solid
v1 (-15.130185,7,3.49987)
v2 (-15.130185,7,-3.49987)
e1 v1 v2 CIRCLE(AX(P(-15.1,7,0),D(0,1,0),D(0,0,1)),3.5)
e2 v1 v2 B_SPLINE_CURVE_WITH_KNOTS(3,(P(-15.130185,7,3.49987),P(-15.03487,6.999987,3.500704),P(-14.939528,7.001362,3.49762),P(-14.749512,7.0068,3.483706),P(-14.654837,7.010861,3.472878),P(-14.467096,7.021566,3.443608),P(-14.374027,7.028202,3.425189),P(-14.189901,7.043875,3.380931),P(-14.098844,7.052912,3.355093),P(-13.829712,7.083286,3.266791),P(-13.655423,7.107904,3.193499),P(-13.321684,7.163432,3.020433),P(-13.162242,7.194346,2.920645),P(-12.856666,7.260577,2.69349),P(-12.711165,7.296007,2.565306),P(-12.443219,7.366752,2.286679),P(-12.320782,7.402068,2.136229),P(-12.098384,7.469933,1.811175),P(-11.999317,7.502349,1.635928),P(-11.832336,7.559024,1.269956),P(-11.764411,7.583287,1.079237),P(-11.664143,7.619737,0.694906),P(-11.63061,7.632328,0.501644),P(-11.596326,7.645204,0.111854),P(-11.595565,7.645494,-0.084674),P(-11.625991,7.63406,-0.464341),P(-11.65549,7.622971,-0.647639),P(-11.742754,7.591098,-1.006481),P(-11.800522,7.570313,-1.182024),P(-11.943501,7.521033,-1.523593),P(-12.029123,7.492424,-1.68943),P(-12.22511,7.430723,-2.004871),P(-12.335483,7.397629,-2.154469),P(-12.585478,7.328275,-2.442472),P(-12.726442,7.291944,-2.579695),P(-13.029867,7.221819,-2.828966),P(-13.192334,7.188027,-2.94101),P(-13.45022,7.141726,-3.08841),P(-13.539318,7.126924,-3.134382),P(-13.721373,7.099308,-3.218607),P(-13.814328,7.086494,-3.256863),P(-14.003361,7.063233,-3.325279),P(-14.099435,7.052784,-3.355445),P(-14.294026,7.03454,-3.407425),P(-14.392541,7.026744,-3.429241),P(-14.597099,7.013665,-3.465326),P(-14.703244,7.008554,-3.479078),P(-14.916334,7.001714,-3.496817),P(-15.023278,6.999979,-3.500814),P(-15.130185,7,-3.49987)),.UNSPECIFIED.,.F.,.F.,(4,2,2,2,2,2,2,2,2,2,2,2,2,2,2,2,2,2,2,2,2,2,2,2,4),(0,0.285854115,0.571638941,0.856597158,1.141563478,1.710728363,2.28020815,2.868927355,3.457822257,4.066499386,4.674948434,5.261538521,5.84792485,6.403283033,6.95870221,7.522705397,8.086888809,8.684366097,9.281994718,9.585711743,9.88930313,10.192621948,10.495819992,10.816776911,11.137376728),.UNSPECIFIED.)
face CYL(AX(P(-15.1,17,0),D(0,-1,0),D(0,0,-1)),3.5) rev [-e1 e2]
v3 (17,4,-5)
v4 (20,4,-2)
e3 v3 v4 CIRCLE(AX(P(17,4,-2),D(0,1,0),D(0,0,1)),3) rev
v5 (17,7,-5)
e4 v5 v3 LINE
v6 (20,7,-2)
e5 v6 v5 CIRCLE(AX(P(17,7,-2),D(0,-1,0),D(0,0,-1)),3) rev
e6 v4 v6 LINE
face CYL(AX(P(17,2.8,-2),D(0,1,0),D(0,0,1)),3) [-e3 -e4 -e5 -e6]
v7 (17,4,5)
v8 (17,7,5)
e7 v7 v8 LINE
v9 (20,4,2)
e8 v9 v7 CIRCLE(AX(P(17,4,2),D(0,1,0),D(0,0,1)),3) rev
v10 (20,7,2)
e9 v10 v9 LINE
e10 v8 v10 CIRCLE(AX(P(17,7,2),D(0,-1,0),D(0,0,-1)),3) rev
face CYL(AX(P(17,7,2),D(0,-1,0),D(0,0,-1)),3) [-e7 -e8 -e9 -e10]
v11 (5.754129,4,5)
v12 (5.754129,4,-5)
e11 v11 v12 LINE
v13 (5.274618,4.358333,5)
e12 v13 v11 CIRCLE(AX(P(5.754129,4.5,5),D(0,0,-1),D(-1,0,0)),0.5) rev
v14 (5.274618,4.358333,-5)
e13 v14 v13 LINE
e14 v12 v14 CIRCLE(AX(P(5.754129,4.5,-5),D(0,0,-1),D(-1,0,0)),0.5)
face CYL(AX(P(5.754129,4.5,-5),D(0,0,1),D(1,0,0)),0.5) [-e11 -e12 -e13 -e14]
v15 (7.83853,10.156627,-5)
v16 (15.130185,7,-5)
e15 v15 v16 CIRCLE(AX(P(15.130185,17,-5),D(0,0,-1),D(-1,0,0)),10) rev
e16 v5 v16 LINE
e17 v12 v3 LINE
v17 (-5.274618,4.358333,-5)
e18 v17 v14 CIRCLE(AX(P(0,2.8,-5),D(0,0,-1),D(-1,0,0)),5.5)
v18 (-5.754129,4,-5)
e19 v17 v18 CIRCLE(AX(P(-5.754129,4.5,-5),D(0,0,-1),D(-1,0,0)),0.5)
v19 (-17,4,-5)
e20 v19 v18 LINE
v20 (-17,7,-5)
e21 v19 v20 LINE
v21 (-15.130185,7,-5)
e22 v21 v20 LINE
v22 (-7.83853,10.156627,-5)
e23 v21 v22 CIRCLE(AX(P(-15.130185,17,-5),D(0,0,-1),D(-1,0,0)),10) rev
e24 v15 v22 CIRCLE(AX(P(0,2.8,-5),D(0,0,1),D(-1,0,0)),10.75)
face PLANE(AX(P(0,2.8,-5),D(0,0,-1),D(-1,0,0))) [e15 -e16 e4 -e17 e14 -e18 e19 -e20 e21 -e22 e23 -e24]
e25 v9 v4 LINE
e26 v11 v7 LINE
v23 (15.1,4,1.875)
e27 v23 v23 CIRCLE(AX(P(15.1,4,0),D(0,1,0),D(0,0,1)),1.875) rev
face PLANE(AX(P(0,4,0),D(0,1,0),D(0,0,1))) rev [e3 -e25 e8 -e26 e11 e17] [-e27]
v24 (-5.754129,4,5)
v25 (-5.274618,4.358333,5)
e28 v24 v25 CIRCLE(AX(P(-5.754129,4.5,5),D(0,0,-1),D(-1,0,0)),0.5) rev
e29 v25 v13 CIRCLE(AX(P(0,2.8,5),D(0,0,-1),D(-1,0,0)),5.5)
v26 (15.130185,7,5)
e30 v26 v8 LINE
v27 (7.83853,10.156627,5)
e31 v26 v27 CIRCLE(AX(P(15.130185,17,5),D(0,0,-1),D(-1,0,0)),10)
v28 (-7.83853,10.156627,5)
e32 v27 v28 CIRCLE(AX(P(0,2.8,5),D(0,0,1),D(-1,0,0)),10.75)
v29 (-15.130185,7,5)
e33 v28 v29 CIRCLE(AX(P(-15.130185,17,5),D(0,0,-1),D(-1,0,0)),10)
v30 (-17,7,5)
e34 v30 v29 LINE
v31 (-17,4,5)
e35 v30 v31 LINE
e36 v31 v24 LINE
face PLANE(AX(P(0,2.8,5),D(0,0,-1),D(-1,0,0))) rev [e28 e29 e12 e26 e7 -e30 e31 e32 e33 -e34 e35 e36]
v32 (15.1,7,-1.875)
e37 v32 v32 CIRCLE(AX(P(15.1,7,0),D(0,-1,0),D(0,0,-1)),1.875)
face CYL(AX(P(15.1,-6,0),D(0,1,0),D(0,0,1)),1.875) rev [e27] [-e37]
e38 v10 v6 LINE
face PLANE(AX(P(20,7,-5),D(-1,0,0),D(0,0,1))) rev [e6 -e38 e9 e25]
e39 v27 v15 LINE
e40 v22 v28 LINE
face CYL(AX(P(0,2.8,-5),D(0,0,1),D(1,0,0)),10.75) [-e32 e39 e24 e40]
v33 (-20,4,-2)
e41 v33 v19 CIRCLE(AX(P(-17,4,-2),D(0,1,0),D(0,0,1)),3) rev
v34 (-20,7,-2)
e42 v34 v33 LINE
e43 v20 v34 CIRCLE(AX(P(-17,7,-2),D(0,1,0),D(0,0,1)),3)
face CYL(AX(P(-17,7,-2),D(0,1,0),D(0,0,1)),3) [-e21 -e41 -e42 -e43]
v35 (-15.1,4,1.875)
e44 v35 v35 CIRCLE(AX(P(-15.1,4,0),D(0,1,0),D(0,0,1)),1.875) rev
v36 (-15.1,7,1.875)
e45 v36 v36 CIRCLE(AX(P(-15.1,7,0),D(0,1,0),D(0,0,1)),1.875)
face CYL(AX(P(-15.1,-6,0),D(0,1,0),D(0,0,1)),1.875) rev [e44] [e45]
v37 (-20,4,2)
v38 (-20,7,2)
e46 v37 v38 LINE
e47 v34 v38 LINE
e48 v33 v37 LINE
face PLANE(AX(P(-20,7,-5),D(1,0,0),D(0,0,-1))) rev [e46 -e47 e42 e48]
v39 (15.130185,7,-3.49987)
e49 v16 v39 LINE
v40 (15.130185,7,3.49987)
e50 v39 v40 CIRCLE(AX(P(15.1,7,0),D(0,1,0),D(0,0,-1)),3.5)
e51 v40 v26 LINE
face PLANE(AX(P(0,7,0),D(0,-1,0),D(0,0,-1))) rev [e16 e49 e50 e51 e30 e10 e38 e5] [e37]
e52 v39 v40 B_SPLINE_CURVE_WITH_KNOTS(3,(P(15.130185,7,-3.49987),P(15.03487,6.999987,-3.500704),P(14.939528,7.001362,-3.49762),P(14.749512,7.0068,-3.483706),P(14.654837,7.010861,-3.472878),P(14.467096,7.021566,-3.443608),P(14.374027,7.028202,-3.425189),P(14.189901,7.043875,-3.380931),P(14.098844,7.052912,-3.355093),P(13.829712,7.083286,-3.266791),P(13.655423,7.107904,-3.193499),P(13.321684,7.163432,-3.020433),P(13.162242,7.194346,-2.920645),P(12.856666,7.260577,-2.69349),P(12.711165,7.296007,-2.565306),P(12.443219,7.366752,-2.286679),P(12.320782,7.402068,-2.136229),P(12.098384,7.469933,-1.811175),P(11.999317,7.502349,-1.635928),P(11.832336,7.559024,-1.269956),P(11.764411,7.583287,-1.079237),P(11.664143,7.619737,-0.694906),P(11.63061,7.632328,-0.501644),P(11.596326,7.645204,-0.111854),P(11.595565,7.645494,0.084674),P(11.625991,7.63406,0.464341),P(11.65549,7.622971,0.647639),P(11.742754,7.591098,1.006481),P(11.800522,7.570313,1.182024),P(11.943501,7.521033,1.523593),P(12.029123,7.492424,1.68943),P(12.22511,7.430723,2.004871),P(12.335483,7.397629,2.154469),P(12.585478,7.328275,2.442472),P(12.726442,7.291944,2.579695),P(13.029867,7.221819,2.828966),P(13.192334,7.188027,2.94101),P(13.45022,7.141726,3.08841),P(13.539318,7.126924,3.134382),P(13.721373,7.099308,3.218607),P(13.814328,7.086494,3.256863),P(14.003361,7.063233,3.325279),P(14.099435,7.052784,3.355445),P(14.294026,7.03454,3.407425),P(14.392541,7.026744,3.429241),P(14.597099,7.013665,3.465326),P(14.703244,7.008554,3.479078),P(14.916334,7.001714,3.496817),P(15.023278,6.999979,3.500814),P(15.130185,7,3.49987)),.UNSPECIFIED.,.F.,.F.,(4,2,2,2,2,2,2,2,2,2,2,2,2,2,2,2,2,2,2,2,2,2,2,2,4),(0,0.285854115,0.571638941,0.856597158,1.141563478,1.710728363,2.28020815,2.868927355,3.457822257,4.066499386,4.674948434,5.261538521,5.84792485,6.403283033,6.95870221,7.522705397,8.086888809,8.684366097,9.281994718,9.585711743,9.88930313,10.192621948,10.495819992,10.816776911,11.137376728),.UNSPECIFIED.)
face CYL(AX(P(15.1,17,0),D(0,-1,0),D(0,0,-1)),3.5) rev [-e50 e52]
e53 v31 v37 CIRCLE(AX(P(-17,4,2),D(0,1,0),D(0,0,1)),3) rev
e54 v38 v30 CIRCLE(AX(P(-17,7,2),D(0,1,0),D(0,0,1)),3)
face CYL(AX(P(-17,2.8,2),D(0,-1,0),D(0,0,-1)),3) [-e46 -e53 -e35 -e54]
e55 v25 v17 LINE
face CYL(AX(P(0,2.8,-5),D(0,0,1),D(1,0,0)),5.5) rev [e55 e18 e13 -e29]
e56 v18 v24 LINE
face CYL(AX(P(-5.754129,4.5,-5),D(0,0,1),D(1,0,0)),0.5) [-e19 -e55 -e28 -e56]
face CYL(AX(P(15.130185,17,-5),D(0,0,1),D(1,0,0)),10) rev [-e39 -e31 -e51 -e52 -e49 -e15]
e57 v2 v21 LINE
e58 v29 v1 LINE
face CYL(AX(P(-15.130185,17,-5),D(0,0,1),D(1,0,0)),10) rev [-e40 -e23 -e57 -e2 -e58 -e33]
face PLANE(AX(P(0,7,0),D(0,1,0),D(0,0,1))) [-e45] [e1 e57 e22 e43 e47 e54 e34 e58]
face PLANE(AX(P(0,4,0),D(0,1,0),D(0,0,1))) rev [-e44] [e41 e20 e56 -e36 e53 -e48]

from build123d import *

# Parameters (mm, degrees)
BOSS_EXTRUDE1_START      = -1
SKETCH1_W                = 40
SKETCH1_H                = 10
BOSS_EXTRUDE1_DEPTH      = 5
BOSS_EXTRUDE2_DEPTH      = 5
BOSS_EXTRUDE2_DEPTH_BACK = 5
SKETCH3_W                = 12
SKETCH3_H                = 10
BOSS_EXTRUDE3_DEPTH      = 7
FILLET1_R                = 3
FILLET2_R                = 3
FILLET4_R                = 10
CUT_EXTRUDE1_DEPTH       = 25.669870287
CUT_EXTRUDE1_DEPTH_BACK  = 25.669870287
SKETCH4_R                = 1.875
CUT_EXTRUDE2_START       = 7
SKETCH5_R                = 3.5
CUT_EXTRUDE2_DEPTH       = 10
SKETCH9_W                = 47.094451366
SKETCH9_H                = 23.336565295
CUT_EXTRUDE5_DEPTH       = 4
FILLET5_R                = 0.5
SKETCH7_W                = 51.703075982
SKETCH7_H                = 23.04476915
CUT_EXTRUDE4_DEPTH       = 25.669870308


with BuildPart() as part:
    # Sketch1 → Boss-Extrude1 (new body)
    with BuildSketch(Plane(origin=(0, 0, 0), x_dir=(1, 0, 0), z_dir=(0, 1, 0)).offset(BOSS_EXTRUDE1_START)):
        Rectangle(SKETCH1_W, SKETCH1_H)
    extrude(amount=-BOSS_EXTRUDE1_DEPTH)

    # Fillet2
    fillet2_edges = [part.edges().sort_by_distance(p)[0] for p in [
        (-20, -3.5, 5),
        (-20, -3.5, -5),
        (20, -3.5, 5),
        (20, -3.5, -5),
    ]]
    fillet(fillet2_edges, radius=FILLET2_R)


with BuildPart() as body_2:
    # Sketch2 → Boss-Extrude2 (new, two sides: drawn at the far end of the back side and taken through both)
    with BuildSketch(Plane.XY.offset(-BOSS_EXTRUDE2_DEPTH_BACK)):
        with BuildLine():
            Line((-10.378945033, 0), (-4.733920151, 0))
            ThreePointArc((-4.733920151, 0), (0, 8.3), (4.733920151, 0))
            Line((4.733920151, 0), (10.378945033, 0))
            ThreePointArc((10.378945033, 0), (0, 13.55), (-10.378945033, 0))
        make_face()
    extrude(amount=BOSS_EXTRUDE2_DEPTH + BOSS_EXTRUDE2_DEPTH_BACK)

    # Sketch3 → Boss-Extrude3 (add)
    with BuildSketch(Plane(origin=(0, 0, 0), x_dir=(1, 0, 0), z_dir=(0, 1, 0))):
        with Locations((-14, 0)):
            Rectangle(SKETCH3_W, SKETCH3_H)
        with Locations((14, 0)):
            Rectangle(SKETCH3_W, SKETCH3_H)
    extrude(amount=BOSS_EXTRUDE3_DEPTH)

    # Fillet1
    fillet1_edges = [body_2.edges().sort_by_distance(p)[0] for p in [
        (20, 3.5, -5),
        (20, 3.5, 5),
        (-20, 3.5, -5),
        (-20, 3.5, 5),
    ]]
    fillet(fillet1_edges, radius=FILLET1_R)

    # Fillet4
    fillet4_edges = [body_2.edges().sort_by_distance(p)[0] for p in [
        (9.895579821, 7, 0),
        (-9.895579821, 7, 0),
    ]]
    fillet(fillet4_edges, radius=FILLET4_R)


with BuildPart() as cut_extrude1_tool:
    # Sketch4 → Cut-Extrude1 (new, two sides: drawn at the far end of the back side and taken through both)
    with BuildSketch(Plane(origin=(0, 0, 0), x_dir=(1, 0, 0), z_dir=(0, 1, 0)).offset(-CUT_EXTRUDE1_DEPTH_BACK)):
        with Locations((-15.1, 0)):
            Circle(SKETCH4_R)
        with Locations((15.1, 0)):
            Circle(SKETCH4_R)
    extrude(amount=CUT_EXTRUDE1_DEPTH + CUT_EXTRUDE1_DEPTH_BACK)


with BuildPart() as part_1:
    add(part.part)

    # Cut-Extrude1: cut by cut_extrude1_tool
    add(cut_extrude1_tool.part, mode=Mode.SUBTRACT)

    # Sketch7 → Cut-Extrude4 (cut, through all)
    with BuildSketch(Plane(origin=(0, 0, 0), x_dir=(1, 0, 0), z_dir=(0, 1, 0))):
        with Locations((-1.693322056, -1.721439234)):
            Rectangle(SKETCH7_W, SKETCH7_H)
    extrude(amount=-CUT_EXTRUDE4_DEPTH, mode=Mode.SUBTRACT)


with BuildPart() as body_2_1:
    add(body_2.part)

    # Cut-Extrude1: cut by cut_extrude1_tool
    add(cut_extrude1_tool.part, mode=Mode.SUBTRACT)

    # Sketch5 → Cut-Extrude2 (cut)
    with BuildSketch(Plane(origin=(0, 0, 0), x_dir=(1, 0, 0), z_dir=(0, 1, 0)).offset(CUT_EXTRUDE2_START)):
        with Locations((-15.1, 0)):
            Circle(SKETCH5_R)
        with Locations((15.1, 0)):
            Circle(SKETCH5_R)
    extrude(amount=CUT_EXTRUDE2_DEPTH, mode=Mode.SUBTRACT)

    # Sketch9 → Cut-Extrude5 (cut)
    with BuildSketch(Plane(origin=(0, 0, 0), x_dir=(1, 0, 0), z_dir=(0, 1, 0))):
        with Locations((2.081495267, 0.004136026)):
            Rectangle(SKETCH9_W, SKETCH9_H)
    extrude(amount=CUT_EXTRUDE5_DEPTH, mode=Mode.SUBTRACT)

    # Fillet5
    fillet5_edges = [body_2_1.edges().sort_by_distance(p)[0] for p in [
        (-5.36749476, 4, 0),
        (5.36749476, 4, 0),
    ]]
    fillet(fillet5_edges, radius=FILLET5_R)


solid = body_2_1.part
